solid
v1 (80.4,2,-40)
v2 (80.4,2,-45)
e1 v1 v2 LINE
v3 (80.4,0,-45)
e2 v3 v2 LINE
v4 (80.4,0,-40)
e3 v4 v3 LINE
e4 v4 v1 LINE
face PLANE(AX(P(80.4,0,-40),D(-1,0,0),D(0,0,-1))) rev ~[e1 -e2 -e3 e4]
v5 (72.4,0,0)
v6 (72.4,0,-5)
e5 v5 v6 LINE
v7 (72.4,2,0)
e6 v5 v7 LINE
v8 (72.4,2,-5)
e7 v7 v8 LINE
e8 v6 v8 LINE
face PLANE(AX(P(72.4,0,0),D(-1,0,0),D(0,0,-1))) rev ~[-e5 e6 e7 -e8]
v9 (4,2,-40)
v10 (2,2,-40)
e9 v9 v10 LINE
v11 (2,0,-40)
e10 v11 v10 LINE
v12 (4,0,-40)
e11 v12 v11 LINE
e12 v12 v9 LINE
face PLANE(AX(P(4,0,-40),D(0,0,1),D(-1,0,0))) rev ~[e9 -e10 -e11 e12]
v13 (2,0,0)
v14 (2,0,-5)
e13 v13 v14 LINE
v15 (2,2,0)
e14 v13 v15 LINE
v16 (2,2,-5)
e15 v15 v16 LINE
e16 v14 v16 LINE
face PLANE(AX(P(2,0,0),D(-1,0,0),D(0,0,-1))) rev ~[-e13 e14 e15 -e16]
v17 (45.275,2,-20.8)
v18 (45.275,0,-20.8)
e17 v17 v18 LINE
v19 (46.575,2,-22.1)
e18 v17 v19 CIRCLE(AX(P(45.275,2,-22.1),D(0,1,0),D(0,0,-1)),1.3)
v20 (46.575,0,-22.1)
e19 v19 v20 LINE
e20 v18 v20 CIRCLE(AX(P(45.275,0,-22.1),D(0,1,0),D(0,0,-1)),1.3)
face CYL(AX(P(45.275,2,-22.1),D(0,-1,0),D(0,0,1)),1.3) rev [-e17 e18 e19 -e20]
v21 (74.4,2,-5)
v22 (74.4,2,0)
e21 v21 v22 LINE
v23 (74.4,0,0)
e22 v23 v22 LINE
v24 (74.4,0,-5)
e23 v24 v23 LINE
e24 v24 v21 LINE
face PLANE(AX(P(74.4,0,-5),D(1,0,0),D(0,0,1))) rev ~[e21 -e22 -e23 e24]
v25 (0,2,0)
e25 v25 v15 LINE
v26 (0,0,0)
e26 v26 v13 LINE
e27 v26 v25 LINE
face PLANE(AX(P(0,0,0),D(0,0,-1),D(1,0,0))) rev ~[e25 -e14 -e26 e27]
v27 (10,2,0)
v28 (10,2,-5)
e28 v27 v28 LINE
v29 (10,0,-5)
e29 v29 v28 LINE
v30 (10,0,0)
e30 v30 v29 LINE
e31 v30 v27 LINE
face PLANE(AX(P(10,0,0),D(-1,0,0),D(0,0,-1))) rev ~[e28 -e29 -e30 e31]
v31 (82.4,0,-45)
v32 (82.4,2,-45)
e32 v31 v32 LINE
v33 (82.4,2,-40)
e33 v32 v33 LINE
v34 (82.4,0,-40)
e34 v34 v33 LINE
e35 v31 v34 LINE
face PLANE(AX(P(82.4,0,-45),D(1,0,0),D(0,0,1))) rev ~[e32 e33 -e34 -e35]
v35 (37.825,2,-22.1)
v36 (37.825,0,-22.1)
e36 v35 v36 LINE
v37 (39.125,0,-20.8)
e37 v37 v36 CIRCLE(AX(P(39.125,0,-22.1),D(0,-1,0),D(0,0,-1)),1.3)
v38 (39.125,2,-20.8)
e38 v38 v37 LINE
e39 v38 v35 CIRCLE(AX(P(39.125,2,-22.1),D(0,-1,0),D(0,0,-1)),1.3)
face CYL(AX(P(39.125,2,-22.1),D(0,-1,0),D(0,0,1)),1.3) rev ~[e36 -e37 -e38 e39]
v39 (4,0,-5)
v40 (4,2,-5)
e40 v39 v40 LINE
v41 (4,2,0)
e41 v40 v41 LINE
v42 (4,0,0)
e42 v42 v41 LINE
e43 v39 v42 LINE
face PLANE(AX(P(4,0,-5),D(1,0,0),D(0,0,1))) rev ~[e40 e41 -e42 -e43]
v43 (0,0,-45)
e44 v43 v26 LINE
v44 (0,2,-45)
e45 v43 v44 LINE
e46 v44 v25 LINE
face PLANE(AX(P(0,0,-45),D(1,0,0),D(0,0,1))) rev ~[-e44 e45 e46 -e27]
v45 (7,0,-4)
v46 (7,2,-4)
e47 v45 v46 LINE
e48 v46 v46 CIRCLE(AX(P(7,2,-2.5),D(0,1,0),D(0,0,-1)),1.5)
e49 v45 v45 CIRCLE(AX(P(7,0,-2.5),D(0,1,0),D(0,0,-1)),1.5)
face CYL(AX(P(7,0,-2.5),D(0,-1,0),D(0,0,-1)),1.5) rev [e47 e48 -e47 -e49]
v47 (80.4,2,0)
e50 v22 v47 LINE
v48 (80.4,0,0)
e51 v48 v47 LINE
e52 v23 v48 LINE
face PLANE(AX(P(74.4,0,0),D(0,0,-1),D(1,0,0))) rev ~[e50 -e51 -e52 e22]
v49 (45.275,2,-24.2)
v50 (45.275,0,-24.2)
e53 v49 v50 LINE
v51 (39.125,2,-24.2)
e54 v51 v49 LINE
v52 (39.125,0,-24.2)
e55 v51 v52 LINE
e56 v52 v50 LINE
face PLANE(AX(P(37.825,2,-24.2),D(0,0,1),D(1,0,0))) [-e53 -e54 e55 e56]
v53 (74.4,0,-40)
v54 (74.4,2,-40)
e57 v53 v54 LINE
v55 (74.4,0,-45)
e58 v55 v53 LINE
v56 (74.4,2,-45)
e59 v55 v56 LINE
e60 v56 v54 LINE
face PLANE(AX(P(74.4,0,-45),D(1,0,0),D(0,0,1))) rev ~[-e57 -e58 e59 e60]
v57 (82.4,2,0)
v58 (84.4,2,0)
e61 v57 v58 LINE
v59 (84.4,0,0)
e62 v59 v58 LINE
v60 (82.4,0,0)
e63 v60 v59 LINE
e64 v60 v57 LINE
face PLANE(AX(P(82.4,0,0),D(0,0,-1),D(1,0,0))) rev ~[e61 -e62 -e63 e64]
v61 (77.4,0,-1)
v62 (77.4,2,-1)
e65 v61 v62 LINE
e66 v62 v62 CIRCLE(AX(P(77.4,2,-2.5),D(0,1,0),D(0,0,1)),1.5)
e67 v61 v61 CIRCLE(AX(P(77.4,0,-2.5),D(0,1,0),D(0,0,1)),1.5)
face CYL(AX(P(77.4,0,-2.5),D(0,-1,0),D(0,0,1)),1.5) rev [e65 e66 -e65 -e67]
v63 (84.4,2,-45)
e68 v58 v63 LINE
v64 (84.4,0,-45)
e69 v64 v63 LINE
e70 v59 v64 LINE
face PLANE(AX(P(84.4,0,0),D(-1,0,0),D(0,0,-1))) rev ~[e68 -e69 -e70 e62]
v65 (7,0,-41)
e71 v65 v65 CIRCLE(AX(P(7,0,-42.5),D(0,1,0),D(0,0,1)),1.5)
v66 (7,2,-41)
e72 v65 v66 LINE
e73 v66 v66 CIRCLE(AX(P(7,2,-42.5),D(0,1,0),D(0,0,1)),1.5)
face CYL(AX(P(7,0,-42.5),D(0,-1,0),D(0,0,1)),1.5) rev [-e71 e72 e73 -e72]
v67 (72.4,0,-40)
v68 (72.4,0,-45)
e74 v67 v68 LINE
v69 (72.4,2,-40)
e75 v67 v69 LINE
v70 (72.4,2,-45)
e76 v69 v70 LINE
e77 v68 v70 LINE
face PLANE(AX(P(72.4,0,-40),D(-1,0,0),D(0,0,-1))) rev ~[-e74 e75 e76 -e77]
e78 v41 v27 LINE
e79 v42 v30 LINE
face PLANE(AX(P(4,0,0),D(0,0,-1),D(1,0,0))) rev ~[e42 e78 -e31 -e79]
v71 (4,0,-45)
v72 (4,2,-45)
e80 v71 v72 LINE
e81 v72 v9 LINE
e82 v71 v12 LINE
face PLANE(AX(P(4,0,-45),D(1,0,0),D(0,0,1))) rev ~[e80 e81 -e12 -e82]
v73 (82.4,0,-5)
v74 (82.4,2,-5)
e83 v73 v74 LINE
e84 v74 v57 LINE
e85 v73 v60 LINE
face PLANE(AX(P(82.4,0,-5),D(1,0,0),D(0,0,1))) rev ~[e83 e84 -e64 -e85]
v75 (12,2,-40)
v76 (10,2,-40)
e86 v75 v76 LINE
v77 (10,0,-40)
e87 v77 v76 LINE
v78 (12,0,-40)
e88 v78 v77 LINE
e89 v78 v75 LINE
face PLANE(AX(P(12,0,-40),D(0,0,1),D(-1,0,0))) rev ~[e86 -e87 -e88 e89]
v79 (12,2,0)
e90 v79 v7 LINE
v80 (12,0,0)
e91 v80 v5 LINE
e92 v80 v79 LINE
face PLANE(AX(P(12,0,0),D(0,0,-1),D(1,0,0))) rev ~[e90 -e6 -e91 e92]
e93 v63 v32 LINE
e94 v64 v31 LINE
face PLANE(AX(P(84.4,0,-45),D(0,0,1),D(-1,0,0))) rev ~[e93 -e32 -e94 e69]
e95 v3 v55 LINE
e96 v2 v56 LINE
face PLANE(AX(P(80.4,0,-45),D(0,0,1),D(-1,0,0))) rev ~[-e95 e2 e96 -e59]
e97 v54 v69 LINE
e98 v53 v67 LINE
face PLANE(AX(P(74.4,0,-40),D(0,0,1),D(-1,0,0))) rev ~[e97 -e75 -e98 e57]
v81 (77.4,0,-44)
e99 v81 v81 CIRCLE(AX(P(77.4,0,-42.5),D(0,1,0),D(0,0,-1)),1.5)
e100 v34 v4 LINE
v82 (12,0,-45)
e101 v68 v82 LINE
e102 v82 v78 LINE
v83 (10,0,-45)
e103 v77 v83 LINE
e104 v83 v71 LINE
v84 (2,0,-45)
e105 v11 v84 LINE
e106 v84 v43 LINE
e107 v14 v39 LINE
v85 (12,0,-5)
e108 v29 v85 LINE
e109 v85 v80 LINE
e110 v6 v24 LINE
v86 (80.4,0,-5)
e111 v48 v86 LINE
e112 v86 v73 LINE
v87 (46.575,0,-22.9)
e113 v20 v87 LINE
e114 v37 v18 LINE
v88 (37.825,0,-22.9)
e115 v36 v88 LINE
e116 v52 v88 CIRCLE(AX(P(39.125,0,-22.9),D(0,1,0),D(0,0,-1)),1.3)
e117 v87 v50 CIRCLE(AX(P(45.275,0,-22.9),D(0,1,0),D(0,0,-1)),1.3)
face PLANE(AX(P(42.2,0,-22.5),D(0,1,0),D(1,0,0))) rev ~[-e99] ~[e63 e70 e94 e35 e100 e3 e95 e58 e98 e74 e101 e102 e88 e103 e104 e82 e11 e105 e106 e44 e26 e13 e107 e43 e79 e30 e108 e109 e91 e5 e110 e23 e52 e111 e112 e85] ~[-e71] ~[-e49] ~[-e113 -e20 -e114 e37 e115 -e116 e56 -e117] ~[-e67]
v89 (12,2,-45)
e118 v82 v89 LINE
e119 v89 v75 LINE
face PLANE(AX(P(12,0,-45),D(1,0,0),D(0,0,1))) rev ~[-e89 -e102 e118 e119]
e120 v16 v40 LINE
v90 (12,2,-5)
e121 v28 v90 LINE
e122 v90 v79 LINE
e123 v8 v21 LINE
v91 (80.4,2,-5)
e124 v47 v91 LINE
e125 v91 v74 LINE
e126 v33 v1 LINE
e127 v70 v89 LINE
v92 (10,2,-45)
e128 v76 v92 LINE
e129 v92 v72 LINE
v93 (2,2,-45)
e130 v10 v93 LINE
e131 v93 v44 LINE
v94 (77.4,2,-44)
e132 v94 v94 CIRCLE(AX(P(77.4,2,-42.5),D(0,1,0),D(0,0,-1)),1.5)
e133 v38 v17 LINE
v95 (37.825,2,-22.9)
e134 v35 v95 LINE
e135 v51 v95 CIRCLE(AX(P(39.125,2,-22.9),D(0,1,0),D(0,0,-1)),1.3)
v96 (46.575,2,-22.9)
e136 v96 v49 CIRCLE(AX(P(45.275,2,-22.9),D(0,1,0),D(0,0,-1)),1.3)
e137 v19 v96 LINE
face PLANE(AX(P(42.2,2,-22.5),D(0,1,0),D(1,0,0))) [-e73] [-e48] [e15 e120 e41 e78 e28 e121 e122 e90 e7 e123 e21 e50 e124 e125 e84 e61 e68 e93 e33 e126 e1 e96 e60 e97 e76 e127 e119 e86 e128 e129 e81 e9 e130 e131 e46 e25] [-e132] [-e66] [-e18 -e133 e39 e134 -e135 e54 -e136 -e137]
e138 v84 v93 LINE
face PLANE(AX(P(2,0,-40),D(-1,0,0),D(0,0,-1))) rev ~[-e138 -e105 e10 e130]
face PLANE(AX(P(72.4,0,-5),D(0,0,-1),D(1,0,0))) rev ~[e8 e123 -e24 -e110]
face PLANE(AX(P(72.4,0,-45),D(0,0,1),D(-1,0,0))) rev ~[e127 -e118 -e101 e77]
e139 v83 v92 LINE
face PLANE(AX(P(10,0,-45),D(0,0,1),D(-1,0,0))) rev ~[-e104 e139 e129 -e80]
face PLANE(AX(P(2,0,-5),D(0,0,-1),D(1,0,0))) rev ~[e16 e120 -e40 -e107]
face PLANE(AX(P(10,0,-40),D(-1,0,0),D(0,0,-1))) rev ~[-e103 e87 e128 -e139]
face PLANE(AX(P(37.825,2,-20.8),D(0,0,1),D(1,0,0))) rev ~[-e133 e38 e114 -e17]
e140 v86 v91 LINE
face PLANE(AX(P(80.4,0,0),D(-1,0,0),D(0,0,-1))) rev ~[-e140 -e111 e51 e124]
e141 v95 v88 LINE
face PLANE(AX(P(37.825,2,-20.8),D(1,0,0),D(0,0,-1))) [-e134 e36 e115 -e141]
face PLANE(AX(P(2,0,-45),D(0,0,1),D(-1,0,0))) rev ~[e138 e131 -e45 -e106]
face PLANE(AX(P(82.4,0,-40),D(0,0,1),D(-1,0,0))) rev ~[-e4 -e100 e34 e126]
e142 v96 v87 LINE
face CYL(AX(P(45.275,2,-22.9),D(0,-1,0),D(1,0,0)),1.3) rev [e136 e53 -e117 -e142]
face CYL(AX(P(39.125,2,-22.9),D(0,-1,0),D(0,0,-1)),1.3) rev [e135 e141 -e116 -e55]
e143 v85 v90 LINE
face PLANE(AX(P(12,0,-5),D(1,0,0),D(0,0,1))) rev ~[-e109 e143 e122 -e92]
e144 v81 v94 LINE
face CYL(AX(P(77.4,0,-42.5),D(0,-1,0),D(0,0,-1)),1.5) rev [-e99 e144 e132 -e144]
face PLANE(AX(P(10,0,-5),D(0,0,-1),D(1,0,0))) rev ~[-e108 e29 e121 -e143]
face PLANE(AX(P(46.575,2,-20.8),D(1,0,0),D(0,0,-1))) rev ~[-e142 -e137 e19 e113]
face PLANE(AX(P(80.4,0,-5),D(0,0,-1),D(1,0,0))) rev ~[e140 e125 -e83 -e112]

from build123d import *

# Parameters (mm, degrees)
SKETCH1_R           = 1.5
BOSS_EXTRUDE1_DEPTH = 2
SKETCH2_W           = 8.75
SKETCH2_H           = 3.4
CUT_EXTRUDE1_DEPTH  = 10
FILLET1_R           = 1.3


with BuildPart() as part:
    # Sketch1 → Boss-Extrude1 (new body)
    with BuildSketch(Plane(origin=(0, 0, 0), x_dir=(1, 0, 0), z_dir=(0, 1, 0))):
        Polygon((0, 0), (2, 0), (2, 5), (4, 5), (4, 0), (10, 0), (10, 5), (12, 5), (12, 0), (72.4, 0), (72.4, 5), (74.4, 5), (74.4, 0), (80.4, 0), (80.4, 5), (82.4, 5), (82.4, 0), (84.4, 0), (84.4, 45), (82.4, 45), (82.4, 40), (80.4, 40), (80.4, 45), (74.4, 45), (74.4, 40), (72.4, 40), (72.4, 45), (12, 45), (12, 40), (10, 40), (10, 45), (4, 45), (4, 40), (2, 40), (2, 45), (0, 45), align=None)
        with Locations(Location((7, 42.5, 0), (0, 0, 270))):
            Circle(SKETCH1_R, mode=Mode.SUBTRACT)
        with Locations(Location((77.4, 42.5, 0), (0, 0, 90))):
            Circle(SKETCH1_R, mode=Mode.SUBTRACT)
        with Locations(Location((7, 2.5, 0), (0, 0, 90))):
            Circle(SKETCH1_R, mode=Mode.SUBTRACT)
        with Locations(Location((77.4, 2.5, 0), (0, 0, 270))):
            Circle(SKETCH1_R, mode=Mode.SUBTRACT)
    extrude(amount=BOSS_EXTRUDE1_DEPTH)

    # Sketch2 → Cut-Extrude1 (cut)
    with BuildSketch(Plane(origin=(0, 2, 0), x_dir=(1, 0, 0), z_dir=(0, 1, 0))):
        with Locations((42.2, 22.5)):
            Rectangle(SKETCH2_W, SKETCH2_H)
    extrude(amount=-CUT_EXTRUDE1_DEPTH, mode=Mode.SUBTRACT)

    # Fillet1
    fillet1_edges = [part.edges().sort_by_distance(p)[0] for p in [
        (46.575, 1, -24.2),
        (46.575, 1, -20.8),
        (37.825, 1, -20.8),
        (37.825, 1, -24.2),
    ]]
    fillet(fillet1_edges, radius=FILLET1_R)


solid = part.part
